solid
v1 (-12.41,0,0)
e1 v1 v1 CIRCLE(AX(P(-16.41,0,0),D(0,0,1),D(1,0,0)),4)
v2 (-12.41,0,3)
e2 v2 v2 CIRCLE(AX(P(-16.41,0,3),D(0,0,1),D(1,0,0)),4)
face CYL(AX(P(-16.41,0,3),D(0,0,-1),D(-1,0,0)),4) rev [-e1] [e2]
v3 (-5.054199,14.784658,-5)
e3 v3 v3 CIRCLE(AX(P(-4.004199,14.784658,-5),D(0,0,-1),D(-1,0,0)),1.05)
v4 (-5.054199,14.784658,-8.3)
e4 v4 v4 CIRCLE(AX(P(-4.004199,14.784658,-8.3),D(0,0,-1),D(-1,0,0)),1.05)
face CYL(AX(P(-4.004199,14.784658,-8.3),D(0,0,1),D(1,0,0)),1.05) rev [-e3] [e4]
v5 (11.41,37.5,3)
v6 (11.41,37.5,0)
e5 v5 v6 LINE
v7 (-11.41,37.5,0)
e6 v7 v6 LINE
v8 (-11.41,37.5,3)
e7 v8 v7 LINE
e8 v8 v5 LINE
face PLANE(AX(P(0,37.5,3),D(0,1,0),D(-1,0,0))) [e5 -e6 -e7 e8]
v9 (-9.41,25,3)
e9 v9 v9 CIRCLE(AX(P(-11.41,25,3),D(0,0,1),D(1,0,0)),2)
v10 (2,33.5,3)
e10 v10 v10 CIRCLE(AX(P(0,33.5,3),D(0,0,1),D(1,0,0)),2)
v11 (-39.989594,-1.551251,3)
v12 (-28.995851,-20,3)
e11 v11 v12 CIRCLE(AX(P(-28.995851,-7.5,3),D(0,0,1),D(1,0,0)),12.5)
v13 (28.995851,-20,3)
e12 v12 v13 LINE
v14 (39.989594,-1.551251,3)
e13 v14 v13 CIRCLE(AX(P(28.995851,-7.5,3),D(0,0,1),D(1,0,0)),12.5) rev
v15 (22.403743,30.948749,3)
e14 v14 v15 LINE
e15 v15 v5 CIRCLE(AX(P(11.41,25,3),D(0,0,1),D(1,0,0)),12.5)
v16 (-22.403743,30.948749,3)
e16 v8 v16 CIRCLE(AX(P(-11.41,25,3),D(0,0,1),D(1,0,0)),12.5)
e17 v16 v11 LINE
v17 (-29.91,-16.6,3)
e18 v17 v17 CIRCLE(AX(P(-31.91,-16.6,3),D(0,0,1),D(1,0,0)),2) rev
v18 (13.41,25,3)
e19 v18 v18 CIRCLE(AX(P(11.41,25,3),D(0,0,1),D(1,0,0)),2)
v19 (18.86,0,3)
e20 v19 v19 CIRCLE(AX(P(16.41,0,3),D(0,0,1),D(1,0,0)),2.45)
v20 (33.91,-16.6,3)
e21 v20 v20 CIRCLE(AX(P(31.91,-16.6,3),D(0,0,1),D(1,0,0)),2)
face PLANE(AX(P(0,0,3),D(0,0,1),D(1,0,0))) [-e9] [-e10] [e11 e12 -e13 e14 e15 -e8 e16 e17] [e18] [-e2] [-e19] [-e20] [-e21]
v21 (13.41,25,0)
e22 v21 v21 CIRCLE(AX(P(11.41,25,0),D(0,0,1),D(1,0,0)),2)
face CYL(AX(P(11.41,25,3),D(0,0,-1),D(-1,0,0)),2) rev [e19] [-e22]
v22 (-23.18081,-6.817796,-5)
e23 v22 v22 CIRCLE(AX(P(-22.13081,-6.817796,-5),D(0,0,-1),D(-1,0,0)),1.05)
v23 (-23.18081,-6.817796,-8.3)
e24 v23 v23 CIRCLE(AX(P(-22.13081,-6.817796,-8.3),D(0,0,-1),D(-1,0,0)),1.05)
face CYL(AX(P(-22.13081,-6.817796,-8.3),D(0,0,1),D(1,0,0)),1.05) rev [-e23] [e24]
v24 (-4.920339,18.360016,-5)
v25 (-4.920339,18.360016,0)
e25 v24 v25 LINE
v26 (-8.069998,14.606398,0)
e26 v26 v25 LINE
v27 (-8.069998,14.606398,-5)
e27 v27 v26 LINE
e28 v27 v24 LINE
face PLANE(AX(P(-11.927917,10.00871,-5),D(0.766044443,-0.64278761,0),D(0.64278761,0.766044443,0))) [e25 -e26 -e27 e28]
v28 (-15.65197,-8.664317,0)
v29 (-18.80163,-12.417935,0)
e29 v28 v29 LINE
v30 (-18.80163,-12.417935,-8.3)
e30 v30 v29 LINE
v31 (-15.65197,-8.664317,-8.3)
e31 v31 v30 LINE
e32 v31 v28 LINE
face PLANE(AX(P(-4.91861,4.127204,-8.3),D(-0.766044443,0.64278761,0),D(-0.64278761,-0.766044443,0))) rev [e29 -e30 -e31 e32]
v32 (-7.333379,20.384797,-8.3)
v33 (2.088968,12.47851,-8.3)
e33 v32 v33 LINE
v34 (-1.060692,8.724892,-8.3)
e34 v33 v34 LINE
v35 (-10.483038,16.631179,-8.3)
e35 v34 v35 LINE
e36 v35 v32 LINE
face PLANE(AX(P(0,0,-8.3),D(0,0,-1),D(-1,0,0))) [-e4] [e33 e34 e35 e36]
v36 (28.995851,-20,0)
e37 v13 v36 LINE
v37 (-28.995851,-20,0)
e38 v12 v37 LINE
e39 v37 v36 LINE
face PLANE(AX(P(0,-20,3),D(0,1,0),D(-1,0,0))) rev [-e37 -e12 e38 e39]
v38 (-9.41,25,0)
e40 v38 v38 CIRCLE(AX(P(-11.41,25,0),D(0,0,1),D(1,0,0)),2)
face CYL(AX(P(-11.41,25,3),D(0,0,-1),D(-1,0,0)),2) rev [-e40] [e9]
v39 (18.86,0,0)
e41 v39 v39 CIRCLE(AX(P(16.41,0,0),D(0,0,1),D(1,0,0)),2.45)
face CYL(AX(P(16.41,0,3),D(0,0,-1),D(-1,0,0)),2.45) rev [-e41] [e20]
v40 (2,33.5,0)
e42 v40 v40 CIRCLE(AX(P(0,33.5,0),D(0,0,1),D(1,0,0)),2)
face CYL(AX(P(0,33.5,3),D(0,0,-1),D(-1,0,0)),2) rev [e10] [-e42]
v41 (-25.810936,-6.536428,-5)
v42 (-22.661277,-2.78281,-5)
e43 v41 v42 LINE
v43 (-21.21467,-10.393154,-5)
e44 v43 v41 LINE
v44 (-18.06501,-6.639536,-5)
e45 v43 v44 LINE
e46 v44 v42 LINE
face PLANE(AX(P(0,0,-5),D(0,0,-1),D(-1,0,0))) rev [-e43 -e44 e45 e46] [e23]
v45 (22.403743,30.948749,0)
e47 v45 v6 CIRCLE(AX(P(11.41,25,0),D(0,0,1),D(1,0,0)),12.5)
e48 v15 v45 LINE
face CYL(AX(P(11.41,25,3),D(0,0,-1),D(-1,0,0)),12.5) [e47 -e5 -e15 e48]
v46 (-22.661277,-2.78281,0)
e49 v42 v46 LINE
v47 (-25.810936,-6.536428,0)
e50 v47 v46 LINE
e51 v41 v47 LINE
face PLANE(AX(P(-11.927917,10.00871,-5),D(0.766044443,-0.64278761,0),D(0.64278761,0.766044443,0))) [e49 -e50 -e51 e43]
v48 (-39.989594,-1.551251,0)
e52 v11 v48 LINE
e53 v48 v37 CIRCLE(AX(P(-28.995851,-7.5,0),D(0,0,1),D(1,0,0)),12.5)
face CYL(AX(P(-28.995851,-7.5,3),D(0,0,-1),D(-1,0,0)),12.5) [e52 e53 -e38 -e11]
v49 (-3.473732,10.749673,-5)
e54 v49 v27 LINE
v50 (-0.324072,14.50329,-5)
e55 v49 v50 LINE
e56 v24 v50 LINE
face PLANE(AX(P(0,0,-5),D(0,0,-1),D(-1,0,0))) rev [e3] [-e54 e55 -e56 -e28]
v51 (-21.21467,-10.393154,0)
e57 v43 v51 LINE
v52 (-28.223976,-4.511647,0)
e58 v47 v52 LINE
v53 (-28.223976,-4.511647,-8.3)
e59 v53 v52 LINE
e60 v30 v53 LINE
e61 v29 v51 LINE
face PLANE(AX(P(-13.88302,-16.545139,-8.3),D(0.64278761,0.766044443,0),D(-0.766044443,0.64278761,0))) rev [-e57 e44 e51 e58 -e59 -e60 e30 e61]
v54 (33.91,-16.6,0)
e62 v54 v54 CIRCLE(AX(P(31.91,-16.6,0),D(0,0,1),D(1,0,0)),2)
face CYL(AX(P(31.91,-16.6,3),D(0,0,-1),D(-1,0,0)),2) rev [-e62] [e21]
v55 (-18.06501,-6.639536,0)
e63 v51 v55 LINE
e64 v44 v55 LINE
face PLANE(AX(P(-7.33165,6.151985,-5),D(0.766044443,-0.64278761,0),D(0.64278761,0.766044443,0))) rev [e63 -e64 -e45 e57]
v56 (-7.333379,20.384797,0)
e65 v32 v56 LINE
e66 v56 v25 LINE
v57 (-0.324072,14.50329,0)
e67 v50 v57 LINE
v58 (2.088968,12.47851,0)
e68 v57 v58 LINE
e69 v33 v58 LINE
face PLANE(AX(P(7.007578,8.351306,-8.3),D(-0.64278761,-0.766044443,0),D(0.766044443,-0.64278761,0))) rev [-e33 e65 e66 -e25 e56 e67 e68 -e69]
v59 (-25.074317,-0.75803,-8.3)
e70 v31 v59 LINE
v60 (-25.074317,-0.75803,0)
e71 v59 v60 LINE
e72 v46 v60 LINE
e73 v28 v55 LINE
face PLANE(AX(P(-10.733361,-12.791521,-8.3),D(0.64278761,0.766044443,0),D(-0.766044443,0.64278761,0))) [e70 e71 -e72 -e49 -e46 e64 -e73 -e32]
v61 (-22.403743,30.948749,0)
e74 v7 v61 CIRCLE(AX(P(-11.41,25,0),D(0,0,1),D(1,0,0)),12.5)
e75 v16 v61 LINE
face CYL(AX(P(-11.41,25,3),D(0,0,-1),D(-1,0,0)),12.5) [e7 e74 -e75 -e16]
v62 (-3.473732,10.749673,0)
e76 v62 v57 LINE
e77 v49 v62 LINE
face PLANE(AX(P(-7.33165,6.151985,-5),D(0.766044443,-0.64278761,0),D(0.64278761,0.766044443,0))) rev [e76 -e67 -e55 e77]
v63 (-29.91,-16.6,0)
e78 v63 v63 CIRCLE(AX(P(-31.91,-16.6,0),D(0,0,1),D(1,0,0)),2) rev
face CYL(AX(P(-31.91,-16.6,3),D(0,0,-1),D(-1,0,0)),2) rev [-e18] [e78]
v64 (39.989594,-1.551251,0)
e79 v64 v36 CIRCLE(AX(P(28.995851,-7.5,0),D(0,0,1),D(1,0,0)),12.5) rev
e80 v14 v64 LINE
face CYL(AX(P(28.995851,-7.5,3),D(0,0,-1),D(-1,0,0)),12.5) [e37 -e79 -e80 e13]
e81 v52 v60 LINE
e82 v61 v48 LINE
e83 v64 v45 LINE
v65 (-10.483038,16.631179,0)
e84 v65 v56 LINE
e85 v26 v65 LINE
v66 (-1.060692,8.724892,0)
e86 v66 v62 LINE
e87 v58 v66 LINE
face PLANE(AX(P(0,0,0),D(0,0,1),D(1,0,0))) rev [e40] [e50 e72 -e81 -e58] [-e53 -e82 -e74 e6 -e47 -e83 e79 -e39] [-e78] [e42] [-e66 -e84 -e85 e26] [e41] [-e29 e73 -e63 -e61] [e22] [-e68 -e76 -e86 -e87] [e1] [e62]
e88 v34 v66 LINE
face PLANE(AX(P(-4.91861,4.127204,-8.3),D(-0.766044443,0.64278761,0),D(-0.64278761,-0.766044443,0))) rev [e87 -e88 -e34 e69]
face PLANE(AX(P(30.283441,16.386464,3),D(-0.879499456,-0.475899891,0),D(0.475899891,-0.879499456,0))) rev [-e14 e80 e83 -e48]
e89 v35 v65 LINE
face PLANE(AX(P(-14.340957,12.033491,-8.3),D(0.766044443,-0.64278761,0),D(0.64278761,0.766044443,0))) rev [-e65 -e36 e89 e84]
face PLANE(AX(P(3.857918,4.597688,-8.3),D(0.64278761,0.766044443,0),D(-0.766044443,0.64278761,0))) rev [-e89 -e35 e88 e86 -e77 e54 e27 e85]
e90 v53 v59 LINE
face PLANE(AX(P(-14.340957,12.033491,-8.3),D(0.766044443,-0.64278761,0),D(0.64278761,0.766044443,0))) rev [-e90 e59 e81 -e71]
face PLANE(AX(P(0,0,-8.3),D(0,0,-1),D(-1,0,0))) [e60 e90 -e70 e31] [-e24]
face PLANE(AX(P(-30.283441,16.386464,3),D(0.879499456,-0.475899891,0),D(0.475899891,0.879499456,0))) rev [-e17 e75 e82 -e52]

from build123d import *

# Parameters (mm, degrees)
SKETCH1_R           = 4
SKETCH1_R_2         = 2.45
SKETCH1_R_3         = 2
BOSS_EXTRUDE1_DEPTH = 3
SKETCH2_R           = 1.05
BOSS_EXTRUDE2_DEPTH = 8.3
SKETCH2_3_R         = 1.05
CUT_EXTRUDE1_DEPTH  = 5


with BuildPart() as part:
    # Sketch1 → Boss-Extrude1 (new body)
    with BuildSketch(Plane.XY):
        with BuildLine():
            ThreePointArc((-11.41, 37.5), (-17.8088531, 35.73800163), (-22.403743203, 30.948748641))
            Line((-22.403743203, 30.948748641), (-39.989594287, -1.551251359))
            ThreePointArc((-39.989594287, -1.551251359), (-39.733852714, -13.8988531), (-28.995851084, -20))
            Line((-28.995851084, -20), (28.995851084, -20))
            ThreePointArc((28.995851084, -20), (39.733852714, -13.8988531), (39.989594287, -1.551251359))
            Line((39.989594287, -1.551251359), (22.403743203, 30.948748641))
            ThreePointArc((22.403743203, 30.948748641), (17.8088531, 35.73800163), (11.41, 37.5))
            Line((11.41, 37.5), (-11.41, 37.5))
        make_face()
        with Locations((-16.41, 0)):
            Circle(SKETCH1_R, mode=Mode.SUBTRACT)
        with Locations((16.41, 0)):
            Circle(SKETCH1_R_2, mode=Mode.SUBTRACT)
        with Locations((-11.41, 25)):
            Circle(SKETCH1_R_3, mode=Mode.SUBTRACT)
        with Locations((11.41, 25)):
            Circle(SKETCH1_R_3, mode=Mode.SUBTRACT)
        with Locations((0, 33.5)):
            Circle(SKETCH1_R_3, mode=Mode.SUBTRACT)
        with Locations((31.91, -16.6)):
            Circle(SKETCH1_R_3, mode=Mode.SUBTRACT)
        with Locations((-31.91, -16.6)):
            Circle(SKETCH1_R_3, mode=Mode.SUBTRACT)
    extrude(amount=BOSS_EXTRUDE1_DEPTH)

    # Sketch2 → Boss-Extrude2 (add)
    # profile 1 of 2: a face of its own
    with BuildSketch(Plane(origin=(0, 0, 0), x_dir=(-1, 0, 0), z_dir=(0, 0, -1))):
        Polygon((-2.088967553, 12.478509505), (1.060691735, 8.724891734), (10.483038385, 16.631179333), (7.333379097, 20.384797104), align=None)
        with Locations((4.004199133, 14.784657752)):
            Circle(SKETCH2_R, mode=Mode.SUBTRACT)
    # profile 2 of 2: a face of its own
    with BuildSketch(Plane(origin=(0, 0, 0), x_dir=(-1, 0, 0), z_dir=(0, 0, -1))):
        Polygon((15.651970474, -8.664317125), (18.801629762, -12.417934896), (28.223976412, -4.511647297), (25.074317125, -0.758029526), align=None)
        with Locations((22.130809726, -6.817795544)):
            Circle(SKETCH2_R, mode=Mode.SUBTRACT)
    extrude(amount=BOSS_EXTRUDE2_DEPTH)

    # Sketch2<3> → Cut-Extrude1 (cut)
    # profile 1 of 2: a face of its own
    with BuildSketch(Plane(origin=(0, 0, 0), x_dir=(-1, 0, 0), z_dir=(0, 0, -1))):
        Polygon((0.324072443, 14.503290476), (3.47373173, 10.749672705), (8.069998389, 14.606398363), (4.920339102, 18.360016134), align=None)
        with Locations((4.004199133, 14.784657752)):
            Circle(SKETCH2_3_R, mode=Mode.SUBTRACT)
    # profile 2 of 2: a face of its own
    with BuildSketch(Plane(origin=(0, 0, 0), x_dir=(-1, 0, 0), z_dir=(0, 0, -1))):
        Polygon((22.661277129, -2.782810496), (18.06501047, -6.639536154), (21.214669758, -10.393153926), (25.810936416, -6.536428267), align=None)
        with Locations((22.130809726, -6.817795544)):
            Circle(SKETCH2_3_R, mode=Mode.SUBTRACT)
    extrude(amount=CUT_EXTRUDE1_DEPTH, mode=Mode.SUBTRACT)


solid = part.part
